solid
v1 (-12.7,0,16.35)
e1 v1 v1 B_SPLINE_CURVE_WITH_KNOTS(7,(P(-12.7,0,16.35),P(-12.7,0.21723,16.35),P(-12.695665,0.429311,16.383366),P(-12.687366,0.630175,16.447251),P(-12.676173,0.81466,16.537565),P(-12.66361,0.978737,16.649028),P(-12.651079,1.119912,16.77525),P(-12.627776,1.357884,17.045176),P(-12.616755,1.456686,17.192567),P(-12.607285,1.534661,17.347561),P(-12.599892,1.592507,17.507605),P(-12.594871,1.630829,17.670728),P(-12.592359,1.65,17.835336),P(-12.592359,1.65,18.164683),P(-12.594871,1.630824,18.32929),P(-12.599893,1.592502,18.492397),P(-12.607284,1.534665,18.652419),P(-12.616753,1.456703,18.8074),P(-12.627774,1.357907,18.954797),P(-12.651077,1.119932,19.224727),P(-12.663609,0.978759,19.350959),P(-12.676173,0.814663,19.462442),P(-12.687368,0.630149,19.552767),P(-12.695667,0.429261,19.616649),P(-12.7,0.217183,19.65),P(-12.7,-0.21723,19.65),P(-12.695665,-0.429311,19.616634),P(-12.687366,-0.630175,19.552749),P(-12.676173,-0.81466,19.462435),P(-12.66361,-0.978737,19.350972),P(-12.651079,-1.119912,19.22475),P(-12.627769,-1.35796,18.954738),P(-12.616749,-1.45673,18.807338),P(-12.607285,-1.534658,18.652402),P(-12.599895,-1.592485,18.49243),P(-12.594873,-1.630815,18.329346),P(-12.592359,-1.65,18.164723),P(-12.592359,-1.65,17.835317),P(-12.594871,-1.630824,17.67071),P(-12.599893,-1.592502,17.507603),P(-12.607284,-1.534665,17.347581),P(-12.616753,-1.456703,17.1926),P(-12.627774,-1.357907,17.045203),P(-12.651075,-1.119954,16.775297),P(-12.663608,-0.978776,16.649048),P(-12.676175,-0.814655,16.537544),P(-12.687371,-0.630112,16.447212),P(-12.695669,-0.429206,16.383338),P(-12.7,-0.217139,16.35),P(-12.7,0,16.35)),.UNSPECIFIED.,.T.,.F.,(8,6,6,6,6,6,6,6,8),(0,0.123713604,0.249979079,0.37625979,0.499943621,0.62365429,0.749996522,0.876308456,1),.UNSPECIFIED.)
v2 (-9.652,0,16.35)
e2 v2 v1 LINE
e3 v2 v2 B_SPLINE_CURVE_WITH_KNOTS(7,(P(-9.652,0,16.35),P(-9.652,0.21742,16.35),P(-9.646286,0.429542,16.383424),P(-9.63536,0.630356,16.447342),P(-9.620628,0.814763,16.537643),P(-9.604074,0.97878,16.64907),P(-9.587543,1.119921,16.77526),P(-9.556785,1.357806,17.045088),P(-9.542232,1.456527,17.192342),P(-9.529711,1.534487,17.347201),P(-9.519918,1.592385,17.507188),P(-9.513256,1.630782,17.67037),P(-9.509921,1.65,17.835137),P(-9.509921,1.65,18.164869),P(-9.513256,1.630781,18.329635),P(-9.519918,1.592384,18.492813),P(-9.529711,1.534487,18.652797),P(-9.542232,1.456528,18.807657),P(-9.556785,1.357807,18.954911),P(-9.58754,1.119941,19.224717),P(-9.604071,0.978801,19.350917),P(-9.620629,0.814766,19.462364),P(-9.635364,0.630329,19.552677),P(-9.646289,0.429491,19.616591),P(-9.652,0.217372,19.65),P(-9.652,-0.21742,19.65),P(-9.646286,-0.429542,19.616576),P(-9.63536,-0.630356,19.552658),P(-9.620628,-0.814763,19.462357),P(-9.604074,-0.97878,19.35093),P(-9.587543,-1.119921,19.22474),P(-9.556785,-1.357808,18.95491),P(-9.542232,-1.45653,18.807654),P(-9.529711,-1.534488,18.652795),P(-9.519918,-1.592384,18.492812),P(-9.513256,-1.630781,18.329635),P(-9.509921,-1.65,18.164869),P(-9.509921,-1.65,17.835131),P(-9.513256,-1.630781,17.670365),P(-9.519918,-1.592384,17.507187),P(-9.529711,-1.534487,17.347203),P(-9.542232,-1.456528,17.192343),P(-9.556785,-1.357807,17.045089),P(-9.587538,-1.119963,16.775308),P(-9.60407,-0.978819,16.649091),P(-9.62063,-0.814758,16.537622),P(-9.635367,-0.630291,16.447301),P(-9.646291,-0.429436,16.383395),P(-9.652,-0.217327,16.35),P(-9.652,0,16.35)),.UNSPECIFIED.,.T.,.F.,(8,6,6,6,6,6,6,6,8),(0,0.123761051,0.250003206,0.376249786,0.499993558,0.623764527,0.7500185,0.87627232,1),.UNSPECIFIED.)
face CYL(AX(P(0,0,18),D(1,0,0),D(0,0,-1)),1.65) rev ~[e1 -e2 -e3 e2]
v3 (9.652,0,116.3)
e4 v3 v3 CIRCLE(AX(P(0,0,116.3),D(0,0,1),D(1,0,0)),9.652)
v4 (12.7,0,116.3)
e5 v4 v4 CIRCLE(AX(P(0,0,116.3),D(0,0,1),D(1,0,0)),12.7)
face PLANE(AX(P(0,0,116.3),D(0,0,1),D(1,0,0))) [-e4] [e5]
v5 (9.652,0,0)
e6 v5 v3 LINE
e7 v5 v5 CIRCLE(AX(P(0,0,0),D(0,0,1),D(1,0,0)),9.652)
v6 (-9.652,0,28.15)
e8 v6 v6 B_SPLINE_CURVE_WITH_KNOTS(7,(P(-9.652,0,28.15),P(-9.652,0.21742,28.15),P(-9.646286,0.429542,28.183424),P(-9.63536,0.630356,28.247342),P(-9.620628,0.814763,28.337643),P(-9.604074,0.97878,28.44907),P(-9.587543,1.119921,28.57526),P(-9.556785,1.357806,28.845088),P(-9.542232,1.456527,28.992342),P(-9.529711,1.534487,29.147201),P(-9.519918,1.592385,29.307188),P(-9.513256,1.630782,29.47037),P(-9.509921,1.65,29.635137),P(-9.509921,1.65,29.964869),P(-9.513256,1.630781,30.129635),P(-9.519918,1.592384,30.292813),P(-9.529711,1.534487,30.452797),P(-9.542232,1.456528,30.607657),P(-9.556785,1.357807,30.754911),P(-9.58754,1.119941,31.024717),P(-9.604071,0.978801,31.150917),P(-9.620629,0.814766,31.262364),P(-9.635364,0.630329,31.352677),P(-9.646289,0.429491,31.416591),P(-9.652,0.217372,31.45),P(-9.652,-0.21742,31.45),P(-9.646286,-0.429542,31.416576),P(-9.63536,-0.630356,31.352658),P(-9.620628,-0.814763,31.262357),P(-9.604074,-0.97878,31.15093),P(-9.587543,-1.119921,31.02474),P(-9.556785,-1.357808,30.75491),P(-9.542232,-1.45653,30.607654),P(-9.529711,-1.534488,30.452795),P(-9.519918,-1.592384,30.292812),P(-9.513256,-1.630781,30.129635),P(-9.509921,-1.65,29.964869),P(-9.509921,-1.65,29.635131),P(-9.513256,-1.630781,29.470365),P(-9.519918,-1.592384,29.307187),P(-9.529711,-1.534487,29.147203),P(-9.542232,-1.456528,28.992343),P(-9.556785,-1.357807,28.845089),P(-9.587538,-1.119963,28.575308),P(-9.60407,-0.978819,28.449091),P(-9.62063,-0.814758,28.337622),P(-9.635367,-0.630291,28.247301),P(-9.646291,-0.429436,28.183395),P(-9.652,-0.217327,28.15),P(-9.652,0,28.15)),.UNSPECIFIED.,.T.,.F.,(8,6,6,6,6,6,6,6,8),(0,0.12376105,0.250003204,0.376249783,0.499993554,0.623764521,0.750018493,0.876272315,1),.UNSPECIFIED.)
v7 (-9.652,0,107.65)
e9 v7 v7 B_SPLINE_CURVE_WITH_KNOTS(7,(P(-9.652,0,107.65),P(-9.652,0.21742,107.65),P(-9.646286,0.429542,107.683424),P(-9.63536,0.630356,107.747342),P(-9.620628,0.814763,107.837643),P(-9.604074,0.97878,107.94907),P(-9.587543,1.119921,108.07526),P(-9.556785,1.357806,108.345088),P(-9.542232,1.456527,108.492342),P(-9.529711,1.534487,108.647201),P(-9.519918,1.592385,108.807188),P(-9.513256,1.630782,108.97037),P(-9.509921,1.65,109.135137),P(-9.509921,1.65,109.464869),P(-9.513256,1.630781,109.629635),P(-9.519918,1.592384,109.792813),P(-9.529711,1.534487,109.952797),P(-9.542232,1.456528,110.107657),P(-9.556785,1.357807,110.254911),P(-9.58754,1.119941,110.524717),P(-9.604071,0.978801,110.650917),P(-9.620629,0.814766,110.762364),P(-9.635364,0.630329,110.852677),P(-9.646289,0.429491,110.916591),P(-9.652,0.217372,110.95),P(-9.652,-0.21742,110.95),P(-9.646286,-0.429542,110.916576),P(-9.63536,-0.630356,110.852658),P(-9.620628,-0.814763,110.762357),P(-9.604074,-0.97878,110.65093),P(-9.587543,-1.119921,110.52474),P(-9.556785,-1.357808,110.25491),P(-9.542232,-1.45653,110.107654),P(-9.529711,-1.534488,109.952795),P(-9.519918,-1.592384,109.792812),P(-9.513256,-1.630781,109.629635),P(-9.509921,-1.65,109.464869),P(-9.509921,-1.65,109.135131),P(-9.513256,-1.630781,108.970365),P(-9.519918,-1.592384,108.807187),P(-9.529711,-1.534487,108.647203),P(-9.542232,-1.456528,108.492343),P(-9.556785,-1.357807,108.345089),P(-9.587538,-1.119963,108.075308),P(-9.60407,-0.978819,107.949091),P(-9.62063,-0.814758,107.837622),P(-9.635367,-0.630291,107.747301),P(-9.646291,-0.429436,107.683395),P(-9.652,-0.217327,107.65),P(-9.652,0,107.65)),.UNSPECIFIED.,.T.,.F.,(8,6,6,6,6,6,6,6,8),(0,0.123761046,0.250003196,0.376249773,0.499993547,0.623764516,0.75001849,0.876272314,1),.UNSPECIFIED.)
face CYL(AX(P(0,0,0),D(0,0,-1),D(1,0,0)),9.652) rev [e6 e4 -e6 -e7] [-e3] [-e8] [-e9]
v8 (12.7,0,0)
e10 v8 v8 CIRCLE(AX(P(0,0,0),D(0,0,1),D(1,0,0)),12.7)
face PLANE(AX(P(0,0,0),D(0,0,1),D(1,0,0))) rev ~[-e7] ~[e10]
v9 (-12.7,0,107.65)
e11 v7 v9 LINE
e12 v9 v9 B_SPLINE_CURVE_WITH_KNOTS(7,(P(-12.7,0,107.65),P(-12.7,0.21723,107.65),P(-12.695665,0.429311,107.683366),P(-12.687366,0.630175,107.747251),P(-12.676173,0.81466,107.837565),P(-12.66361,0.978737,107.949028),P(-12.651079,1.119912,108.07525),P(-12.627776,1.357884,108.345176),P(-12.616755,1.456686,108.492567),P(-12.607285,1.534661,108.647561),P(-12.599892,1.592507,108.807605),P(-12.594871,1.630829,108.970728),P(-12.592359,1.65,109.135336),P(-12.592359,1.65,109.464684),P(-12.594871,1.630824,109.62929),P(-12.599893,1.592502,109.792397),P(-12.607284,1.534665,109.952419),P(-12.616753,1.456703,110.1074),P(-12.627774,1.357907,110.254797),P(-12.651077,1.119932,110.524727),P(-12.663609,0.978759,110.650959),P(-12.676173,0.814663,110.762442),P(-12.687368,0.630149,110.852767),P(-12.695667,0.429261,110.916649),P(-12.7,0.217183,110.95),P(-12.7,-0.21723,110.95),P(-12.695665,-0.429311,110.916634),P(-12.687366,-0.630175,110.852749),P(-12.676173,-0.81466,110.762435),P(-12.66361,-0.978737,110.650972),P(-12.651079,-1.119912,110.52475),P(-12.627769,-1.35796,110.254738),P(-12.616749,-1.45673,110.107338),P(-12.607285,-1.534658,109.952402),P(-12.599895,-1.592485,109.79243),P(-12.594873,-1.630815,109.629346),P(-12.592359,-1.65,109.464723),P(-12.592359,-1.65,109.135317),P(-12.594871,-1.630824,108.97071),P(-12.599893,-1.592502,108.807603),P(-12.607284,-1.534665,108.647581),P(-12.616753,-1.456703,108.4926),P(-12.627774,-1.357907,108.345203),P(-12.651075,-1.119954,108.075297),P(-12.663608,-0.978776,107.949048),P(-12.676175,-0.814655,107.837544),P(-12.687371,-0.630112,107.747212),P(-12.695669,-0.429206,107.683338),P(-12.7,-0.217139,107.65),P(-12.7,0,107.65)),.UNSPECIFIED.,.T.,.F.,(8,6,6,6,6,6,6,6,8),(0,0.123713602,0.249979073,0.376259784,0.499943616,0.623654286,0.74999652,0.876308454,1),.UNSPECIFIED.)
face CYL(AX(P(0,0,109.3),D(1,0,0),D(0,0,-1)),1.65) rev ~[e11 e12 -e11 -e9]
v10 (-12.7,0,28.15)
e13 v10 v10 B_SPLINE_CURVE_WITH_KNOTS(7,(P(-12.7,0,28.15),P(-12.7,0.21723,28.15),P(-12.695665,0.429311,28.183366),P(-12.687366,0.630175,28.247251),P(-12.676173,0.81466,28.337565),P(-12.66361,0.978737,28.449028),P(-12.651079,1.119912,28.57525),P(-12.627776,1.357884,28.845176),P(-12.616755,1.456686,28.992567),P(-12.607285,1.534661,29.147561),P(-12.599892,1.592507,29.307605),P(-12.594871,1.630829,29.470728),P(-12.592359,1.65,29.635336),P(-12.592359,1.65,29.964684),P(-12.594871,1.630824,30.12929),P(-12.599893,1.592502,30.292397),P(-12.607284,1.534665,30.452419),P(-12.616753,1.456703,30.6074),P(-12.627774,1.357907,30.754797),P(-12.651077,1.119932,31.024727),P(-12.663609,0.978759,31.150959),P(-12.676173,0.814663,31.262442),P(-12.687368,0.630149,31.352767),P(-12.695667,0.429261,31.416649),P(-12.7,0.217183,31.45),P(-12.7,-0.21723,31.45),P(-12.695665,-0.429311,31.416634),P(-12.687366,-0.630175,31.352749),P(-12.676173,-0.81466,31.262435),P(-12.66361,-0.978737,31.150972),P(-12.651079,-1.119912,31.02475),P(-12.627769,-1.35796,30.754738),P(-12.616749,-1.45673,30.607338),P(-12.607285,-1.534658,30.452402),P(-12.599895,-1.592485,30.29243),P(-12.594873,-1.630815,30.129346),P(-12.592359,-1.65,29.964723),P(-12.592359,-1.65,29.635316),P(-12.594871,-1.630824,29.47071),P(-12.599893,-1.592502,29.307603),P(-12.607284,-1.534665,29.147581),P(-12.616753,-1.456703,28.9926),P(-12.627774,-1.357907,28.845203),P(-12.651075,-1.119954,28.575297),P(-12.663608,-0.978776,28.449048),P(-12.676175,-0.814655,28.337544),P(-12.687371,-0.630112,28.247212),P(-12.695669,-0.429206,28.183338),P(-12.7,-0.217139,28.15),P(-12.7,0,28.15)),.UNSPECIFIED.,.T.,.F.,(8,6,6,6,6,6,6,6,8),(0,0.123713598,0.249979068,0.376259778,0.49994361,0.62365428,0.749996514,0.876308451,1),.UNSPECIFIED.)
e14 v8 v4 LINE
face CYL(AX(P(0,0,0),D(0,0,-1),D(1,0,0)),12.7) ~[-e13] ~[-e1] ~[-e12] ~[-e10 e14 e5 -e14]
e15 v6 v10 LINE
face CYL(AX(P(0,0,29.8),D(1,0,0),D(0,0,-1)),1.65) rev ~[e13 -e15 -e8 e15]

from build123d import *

# Parameters (mm, degrees)
SKETCH1_R           = 12.7
SKETCH1_R_2         = 9.652
BOSS_EXTRUDE1_DEPTH = 116.3
SKETCH2_R           = 1.65
CUT_EXTRUDE1_DEPTH  = 30


with BuildPart() as part:
    # Sketch1 → Boss-Extrude1 (new body)
    with BuildSketch(Plane.XY):
        Circle(SKETCH1_R)
        Circle(SKETCH1_R_2, mode=Mode.SUBTRACT)
    extrude(amount=BOSS_EXTRUDE1_DEPTH)

    # Sketch2 → Cut-Extrude1 (cut)
    with BuildSketch(Plane(origin=(0, 0, 0), x_dir=(0, 0, -1), z_dir=(1, 0, 0))):
        with Locations((-109.3, 0)):
            Circle(SKETCH2_R)
        with Locations((-29.8, 0)):
            Circle(SKETCH2_R)
        with Locations((-18, 0)):
            Circle(SKETCH2_R)
    extrude(amount=-CUT_EXTRUDE1_DEPTH, mode=Mode.SUBTRACT)


solid = part.part
